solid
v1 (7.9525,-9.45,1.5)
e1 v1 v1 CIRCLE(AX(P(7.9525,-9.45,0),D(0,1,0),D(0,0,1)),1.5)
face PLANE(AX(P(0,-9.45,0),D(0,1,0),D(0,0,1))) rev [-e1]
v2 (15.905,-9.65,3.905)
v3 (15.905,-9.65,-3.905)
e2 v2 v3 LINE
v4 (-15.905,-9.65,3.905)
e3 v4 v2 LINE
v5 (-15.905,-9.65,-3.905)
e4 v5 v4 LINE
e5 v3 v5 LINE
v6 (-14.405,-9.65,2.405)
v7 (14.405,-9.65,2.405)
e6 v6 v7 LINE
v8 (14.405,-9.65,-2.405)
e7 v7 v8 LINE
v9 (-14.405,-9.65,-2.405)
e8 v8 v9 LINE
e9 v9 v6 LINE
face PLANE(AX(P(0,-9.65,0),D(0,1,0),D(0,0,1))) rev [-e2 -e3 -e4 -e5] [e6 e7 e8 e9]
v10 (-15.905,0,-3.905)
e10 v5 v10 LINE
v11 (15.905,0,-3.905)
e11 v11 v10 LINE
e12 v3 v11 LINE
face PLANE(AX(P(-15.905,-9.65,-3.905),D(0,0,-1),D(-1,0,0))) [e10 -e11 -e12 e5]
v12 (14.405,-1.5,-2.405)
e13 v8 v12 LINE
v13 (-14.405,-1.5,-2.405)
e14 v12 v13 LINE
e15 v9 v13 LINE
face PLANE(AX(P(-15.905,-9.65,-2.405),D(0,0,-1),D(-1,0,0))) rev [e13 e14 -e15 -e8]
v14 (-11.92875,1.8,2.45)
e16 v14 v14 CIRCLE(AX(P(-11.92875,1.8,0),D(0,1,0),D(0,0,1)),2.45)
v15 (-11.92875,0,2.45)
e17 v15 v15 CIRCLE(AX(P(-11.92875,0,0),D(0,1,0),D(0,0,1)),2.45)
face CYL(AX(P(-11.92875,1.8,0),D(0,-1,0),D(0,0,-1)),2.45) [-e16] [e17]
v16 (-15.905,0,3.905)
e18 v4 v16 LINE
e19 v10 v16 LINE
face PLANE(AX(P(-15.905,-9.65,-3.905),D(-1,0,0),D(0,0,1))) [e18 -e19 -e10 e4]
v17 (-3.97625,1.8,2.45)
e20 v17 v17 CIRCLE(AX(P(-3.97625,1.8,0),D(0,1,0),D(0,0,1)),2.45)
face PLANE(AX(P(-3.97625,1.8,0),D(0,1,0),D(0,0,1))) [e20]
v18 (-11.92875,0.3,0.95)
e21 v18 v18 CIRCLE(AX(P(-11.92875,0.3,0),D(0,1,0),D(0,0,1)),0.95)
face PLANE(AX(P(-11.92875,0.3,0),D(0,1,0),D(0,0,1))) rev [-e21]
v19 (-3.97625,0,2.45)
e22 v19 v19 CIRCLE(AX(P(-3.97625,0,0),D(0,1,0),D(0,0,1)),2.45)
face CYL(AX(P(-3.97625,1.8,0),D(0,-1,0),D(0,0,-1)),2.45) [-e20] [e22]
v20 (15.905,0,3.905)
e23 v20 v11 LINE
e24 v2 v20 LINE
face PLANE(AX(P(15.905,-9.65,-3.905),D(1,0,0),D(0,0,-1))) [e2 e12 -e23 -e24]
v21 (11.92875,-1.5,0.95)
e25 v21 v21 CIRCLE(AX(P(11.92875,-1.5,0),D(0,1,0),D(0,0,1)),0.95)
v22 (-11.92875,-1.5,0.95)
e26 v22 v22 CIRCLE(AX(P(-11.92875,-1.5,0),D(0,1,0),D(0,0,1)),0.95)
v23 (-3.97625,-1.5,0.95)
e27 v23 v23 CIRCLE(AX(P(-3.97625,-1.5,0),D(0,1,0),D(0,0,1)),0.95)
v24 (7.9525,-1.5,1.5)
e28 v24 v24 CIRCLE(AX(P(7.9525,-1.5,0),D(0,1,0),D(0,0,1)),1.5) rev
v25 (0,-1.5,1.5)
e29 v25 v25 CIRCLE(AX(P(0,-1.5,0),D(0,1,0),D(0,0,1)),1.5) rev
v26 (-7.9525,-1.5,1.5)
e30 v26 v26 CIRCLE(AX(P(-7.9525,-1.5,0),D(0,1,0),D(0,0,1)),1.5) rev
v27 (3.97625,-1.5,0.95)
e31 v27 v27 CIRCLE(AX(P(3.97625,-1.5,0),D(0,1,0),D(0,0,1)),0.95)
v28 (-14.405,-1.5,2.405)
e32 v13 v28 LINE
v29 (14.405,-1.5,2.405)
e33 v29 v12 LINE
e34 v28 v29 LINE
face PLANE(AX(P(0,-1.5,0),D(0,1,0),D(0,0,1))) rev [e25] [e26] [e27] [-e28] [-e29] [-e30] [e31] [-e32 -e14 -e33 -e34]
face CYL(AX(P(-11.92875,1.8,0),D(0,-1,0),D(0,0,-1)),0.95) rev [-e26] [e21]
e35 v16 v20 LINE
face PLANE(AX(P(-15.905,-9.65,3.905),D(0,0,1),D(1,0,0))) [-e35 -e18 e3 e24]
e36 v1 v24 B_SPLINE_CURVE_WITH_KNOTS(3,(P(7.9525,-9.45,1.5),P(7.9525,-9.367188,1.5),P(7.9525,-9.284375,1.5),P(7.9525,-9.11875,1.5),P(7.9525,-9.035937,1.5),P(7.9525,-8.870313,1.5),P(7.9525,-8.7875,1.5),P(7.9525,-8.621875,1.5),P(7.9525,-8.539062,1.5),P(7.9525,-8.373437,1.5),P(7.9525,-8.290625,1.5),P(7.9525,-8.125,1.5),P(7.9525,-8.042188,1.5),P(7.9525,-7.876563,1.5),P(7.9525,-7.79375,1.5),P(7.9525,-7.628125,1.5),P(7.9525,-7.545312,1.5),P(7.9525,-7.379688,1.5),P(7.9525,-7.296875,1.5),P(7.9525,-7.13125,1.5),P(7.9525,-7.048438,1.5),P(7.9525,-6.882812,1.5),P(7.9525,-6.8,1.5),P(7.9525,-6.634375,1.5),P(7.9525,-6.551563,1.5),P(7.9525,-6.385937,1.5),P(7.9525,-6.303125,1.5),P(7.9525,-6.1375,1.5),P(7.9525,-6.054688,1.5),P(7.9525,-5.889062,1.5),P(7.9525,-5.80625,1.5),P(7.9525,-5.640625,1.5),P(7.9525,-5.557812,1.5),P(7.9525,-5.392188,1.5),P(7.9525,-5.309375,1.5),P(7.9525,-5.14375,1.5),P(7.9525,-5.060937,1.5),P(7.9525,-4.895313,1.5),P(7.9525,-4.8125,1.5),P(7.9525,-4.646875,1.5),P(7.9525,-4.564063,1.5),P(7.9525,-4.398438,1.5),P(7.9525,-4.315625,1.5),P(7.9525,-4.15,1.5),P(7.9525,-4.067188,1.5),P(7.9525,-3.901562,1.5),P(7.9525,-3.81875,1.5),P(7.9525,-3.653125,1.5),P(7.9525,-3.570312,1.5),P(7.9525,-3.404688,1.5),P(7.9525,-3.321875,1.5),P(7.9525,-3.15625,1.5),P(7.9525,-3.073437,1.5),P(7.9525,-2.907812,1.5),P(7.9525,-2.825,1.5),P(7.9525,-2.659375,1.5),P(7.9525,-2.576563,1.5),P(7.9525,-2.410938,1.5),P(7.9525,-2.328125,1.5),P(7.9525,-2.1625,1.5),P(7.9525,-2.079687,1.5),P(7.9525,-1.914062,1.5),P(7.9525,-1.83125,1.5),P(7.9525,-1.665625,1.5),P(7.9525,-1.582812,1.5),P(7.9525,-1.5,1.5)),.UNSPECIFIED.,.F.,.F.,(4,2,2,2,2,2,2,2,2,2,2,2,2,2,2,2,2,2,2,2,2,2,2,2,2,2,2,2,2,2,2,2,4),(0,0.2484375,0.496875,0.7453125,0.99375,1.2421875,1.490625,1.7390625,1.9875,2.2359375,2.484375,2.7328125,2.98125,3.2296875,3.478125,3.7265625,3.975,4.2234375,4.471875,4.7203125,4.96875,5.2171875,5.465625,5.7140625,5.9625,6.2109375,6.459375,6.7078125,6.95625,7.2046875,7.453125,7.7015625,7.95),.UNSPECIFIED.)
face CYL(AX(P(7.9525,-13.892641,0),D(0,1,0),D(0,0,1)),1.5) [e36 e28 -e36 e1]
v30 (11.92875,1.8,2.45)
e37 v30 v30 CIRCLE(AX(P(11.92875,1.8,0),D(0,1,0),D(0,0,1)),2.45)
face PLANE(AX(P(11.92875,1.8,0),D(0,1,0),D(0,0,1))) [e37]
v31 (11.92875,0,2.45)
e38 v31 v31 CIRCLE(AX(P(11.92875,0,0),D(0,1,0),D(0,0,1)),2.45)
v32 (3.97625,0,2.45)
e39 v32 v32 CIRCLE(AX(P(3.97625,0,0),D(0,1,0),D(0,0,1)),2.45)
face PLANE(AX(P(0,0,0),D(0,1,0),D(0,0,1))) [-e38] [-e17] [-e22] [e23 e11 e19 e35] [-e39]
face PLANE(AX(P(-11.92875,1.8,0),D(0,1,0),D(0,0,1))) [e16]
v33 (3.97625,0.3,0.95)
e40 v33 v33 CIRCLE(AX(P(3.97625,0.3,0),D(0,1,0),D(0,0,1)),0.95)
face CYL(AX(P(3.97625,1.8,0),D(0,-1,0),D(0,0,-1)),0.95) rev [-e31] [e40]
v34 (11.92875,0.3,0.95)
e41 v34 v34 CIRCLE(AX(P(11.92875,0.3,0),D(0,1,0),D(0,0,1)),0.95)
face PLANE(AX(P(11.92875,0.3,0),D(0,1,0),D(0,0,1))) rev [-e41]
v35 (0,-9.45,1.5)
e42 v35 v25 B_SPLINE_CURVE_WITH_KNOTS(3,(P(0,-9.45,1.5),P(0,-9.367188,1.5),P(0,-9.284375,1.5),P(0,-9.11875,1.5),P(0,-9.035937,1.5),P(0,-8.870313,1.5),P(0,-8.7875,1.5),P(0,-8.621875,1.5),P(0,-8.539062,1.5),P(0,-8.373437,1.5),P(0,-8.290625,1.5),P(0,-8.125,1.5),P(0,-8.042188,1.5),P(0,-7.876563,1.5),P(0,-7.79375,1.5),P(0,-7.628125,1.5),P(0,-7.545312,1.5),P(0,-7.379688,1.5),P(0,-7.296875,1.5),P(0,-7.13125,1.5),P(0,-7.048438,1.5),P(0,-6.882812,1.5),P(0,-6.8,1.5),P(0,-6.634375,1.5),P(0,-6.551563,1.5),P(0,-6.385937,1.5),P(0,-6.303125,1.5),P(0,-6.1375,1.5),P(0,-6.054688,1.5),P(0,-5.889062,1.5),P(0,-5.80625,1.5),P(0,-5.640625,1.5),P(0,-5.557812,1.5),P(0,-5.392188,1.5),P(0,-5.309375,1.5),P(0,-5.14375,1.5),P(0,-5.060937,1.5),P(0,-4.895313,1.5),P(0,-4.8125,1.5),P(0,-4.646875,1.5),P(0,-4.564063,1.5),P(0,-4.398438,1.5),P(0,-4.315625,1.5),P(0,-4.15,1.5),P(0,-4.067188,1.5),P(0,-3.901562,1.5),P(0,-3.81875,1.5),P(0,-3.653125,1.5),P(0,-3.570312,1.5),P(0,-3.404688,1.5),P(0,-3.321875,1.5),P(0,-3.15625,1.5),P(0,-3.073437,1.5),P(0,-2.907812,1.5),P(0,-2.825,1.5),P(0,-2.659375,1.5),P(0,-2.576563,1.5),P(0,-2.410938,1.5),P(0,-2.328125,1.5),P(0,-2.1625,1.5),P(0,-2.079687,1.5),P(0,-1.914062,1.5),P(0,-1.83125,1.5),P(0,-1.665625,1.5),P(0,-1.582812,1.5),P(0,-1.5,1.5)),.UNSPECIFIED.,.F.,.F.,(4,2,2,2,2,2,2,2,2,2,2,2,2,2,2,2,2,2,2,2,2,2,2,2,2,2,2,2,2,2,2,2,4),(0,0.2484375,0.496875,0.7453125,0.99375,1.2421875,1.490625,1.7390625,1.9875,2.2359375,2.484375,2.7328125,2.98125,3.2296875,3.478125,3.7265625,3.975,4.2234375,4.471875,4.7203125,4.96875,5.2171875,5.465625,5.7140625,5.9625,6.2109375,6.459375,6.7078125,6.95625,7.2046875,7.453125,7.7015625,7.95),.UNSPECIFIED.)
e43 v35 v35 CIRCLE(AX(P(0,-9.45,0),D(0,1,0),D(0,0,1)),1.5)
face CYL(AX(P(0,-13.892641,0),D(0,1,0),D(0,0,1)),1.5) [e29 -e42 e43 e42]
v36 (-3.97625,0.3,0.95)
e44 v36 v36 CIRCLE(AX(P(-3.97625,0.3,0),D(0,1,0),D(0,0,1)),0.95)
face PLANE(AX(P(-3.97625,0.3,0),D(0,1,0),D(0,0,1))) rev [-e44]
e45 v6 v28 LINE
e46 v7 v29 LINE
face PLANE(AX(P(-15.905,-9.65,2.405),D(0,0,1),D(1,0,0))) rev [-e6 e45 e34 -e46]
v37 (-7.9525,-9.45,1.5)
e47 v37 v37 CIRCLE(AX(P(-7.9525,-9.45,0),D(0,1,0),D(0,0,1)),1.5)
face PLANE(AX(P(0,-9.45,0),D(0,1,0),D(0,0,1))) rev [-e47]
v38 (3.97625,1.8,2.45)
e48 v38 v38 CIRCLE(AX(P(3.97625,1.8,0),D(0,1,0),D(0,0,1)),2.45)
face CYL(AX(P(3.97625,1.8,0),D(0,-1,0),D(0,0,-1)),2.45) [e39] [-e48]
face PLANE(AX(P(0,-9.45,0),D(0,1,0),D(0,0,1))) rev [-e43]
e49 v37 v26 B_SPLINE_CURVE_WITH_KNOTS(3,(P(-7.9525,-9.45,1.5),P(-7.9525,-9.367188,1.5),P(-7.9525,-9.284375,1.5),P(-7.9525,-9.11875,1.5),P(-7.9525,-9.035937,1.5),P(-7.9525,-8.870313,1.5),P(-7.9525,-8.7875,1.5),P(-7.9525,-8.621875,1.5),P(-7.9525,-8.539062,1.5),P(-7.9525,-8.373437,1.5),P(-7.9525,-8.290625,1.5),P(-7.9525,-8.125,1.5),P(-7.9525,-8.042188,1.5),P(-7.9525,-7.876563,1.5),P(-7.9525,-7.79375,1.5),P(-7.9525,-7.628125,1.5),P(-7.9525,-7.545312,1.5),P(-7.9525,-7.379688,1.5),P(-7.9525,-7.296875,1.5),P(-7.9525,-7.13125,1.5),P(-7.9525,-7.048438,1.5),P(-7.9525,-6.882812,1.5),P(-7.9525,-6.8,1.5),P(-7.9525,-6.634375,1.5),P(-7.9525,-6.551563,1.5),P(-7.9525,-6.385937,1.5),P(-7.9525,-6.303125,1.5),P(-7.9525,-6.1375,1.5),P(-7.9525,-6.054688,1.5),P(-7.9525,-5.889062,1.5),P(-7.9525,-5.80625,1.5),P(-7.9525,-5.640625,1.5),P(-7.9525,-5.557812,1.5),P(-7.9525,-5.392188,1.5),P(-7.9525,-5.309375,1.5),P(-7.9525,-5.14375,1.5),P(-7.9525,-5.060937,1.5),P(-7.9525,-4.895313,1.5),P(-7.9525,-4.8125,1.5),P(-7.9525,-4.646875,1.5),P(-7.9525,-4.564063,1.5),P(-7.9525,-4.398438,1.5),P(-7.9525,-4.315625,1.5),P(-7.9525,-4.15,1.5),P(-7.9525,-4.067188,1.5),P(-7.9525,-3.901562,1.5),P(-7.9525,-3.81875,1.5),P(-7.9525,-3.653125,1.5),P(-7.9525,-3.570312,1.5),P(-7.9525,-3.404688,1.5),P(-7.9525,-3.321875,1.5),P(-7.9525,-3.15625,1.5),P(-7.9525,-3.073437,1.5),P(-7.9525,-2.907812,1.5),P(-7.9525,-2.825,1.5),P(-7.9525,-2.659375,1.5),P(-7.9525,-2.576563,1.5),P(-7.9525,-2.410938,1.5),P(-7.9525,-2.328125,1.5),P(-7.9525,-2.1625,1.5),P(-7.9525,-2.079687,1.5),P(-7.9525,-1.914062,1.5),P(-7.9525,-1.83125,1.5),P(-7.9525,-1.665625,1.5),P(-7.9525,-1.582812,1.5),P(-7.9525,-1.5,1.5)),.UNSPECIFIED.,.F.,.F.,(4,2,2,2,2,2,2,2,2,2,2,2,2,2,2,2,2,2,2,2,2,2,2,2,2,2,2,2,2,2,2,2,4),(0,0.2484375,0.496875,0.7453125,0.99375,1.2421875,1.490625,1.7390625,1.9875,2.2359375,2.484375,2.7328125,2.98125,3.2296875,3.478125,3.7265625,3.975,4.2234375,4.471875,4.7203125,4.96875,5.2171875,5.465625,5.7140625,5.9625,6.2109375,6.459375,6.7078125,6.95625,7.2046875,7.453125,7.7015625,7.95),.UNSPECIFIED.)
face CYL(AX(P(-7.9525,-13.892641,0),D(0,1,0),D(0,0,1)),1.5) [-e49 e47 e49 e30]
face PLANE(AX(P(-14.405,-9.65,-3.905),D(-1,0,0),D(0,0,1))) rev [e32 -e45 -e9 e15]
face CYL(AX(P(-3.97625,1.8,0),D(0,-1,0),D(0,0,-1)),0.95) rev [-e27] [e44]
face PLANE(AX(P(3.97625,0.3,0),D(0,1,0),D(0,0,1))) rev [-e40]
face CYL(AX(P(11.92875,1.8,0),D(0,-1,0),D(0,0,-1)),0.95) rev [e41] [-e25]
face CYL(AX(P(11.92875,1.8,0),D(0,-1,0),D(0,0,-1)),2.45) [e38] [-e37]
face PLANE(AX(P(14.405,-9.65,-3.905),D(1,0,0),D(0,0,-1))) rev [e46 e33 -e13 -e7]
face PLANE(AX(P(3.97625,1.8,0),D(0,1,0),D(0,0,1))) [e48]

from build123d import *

# Parameters (mm, degrees)
SKETCH2_W           = 31.81
SKETCH2_H           = 7.81
BOSS_EXTRUDE1_DEPTH = 9.65
SKETCH3_R           = 2.45
BOSS_EXTRUDE2_DEPTH = 1.8
SHELL1_T            = -1.5
SKETCH4_R           = 1.5
BOSS_EXTRUDE3_DEPTH = 7.95


with BuildPart() as part:
    # Sketch2 → Boss-Extrude1 (new body)
    with BuildSketch(Plane(origin=(0, 0, 0), x_dir=(1, 0, 0), z_dir=(0, 1, 0))):
        Rectangle(SKETCH2_W, SKETCH2_H)
    extrude(amount=-BOSS_EXTRUDE1_DEPTH)

    # Sketch3 → Boss-Extrude2 (add)
    with BuildSketch(Plane(origin=(0, 0, 0), x_dir=(1, 0, 0), z_dir=(0, 1, 0))):
        with Locations(Location((-11.92875, 0, 0), (0, 0, 270))):
            Circle(SKETCH3_R)
        with Locations(Location((-3.97625, 0, 0), (0, 0, 270))):
            Circle(SKETCH3_R)
        with Locations(Location((3.97625, 0, 0), (0, 0, 270))):
            Circle(SKETCH3_R)
        with Locations(Location((11.92875, 0, 0), (0, 0, 270))):
            Circle(SKETCH3_R)
    extrude(amount=BOSS_EXTRUDE2_DEPTH)

    # Shell1
    shell1_openings = [part.faces().sort_by_distance(p)[0] for p in [
        (0, -9.65, 0),
    ]]
    offset(amount=SHELL1_T, openings=shell1_openings, kind=Kind.INTERSECTION)

    # Sketch4 → Boss-Extrude3 (add)
    with BuildSketch(Plane.XZ.offset(1.5)):
        with Locations(Location((-7.9525, 0, 0), (0, 0, 90))):
            Circle(SKETCH4_R)
        with Locations(Location((0, 0, 0), (0, 0, 90))):
            Circle(SKETCH4_R)
        with Locations(Location((7.9525, 0, 0), (0, 0, 90))):
            Circle(SKETCH4_R)
    extrude(amount=BOSS_EXTRUDE3_DEPTH)


solid = part.part
